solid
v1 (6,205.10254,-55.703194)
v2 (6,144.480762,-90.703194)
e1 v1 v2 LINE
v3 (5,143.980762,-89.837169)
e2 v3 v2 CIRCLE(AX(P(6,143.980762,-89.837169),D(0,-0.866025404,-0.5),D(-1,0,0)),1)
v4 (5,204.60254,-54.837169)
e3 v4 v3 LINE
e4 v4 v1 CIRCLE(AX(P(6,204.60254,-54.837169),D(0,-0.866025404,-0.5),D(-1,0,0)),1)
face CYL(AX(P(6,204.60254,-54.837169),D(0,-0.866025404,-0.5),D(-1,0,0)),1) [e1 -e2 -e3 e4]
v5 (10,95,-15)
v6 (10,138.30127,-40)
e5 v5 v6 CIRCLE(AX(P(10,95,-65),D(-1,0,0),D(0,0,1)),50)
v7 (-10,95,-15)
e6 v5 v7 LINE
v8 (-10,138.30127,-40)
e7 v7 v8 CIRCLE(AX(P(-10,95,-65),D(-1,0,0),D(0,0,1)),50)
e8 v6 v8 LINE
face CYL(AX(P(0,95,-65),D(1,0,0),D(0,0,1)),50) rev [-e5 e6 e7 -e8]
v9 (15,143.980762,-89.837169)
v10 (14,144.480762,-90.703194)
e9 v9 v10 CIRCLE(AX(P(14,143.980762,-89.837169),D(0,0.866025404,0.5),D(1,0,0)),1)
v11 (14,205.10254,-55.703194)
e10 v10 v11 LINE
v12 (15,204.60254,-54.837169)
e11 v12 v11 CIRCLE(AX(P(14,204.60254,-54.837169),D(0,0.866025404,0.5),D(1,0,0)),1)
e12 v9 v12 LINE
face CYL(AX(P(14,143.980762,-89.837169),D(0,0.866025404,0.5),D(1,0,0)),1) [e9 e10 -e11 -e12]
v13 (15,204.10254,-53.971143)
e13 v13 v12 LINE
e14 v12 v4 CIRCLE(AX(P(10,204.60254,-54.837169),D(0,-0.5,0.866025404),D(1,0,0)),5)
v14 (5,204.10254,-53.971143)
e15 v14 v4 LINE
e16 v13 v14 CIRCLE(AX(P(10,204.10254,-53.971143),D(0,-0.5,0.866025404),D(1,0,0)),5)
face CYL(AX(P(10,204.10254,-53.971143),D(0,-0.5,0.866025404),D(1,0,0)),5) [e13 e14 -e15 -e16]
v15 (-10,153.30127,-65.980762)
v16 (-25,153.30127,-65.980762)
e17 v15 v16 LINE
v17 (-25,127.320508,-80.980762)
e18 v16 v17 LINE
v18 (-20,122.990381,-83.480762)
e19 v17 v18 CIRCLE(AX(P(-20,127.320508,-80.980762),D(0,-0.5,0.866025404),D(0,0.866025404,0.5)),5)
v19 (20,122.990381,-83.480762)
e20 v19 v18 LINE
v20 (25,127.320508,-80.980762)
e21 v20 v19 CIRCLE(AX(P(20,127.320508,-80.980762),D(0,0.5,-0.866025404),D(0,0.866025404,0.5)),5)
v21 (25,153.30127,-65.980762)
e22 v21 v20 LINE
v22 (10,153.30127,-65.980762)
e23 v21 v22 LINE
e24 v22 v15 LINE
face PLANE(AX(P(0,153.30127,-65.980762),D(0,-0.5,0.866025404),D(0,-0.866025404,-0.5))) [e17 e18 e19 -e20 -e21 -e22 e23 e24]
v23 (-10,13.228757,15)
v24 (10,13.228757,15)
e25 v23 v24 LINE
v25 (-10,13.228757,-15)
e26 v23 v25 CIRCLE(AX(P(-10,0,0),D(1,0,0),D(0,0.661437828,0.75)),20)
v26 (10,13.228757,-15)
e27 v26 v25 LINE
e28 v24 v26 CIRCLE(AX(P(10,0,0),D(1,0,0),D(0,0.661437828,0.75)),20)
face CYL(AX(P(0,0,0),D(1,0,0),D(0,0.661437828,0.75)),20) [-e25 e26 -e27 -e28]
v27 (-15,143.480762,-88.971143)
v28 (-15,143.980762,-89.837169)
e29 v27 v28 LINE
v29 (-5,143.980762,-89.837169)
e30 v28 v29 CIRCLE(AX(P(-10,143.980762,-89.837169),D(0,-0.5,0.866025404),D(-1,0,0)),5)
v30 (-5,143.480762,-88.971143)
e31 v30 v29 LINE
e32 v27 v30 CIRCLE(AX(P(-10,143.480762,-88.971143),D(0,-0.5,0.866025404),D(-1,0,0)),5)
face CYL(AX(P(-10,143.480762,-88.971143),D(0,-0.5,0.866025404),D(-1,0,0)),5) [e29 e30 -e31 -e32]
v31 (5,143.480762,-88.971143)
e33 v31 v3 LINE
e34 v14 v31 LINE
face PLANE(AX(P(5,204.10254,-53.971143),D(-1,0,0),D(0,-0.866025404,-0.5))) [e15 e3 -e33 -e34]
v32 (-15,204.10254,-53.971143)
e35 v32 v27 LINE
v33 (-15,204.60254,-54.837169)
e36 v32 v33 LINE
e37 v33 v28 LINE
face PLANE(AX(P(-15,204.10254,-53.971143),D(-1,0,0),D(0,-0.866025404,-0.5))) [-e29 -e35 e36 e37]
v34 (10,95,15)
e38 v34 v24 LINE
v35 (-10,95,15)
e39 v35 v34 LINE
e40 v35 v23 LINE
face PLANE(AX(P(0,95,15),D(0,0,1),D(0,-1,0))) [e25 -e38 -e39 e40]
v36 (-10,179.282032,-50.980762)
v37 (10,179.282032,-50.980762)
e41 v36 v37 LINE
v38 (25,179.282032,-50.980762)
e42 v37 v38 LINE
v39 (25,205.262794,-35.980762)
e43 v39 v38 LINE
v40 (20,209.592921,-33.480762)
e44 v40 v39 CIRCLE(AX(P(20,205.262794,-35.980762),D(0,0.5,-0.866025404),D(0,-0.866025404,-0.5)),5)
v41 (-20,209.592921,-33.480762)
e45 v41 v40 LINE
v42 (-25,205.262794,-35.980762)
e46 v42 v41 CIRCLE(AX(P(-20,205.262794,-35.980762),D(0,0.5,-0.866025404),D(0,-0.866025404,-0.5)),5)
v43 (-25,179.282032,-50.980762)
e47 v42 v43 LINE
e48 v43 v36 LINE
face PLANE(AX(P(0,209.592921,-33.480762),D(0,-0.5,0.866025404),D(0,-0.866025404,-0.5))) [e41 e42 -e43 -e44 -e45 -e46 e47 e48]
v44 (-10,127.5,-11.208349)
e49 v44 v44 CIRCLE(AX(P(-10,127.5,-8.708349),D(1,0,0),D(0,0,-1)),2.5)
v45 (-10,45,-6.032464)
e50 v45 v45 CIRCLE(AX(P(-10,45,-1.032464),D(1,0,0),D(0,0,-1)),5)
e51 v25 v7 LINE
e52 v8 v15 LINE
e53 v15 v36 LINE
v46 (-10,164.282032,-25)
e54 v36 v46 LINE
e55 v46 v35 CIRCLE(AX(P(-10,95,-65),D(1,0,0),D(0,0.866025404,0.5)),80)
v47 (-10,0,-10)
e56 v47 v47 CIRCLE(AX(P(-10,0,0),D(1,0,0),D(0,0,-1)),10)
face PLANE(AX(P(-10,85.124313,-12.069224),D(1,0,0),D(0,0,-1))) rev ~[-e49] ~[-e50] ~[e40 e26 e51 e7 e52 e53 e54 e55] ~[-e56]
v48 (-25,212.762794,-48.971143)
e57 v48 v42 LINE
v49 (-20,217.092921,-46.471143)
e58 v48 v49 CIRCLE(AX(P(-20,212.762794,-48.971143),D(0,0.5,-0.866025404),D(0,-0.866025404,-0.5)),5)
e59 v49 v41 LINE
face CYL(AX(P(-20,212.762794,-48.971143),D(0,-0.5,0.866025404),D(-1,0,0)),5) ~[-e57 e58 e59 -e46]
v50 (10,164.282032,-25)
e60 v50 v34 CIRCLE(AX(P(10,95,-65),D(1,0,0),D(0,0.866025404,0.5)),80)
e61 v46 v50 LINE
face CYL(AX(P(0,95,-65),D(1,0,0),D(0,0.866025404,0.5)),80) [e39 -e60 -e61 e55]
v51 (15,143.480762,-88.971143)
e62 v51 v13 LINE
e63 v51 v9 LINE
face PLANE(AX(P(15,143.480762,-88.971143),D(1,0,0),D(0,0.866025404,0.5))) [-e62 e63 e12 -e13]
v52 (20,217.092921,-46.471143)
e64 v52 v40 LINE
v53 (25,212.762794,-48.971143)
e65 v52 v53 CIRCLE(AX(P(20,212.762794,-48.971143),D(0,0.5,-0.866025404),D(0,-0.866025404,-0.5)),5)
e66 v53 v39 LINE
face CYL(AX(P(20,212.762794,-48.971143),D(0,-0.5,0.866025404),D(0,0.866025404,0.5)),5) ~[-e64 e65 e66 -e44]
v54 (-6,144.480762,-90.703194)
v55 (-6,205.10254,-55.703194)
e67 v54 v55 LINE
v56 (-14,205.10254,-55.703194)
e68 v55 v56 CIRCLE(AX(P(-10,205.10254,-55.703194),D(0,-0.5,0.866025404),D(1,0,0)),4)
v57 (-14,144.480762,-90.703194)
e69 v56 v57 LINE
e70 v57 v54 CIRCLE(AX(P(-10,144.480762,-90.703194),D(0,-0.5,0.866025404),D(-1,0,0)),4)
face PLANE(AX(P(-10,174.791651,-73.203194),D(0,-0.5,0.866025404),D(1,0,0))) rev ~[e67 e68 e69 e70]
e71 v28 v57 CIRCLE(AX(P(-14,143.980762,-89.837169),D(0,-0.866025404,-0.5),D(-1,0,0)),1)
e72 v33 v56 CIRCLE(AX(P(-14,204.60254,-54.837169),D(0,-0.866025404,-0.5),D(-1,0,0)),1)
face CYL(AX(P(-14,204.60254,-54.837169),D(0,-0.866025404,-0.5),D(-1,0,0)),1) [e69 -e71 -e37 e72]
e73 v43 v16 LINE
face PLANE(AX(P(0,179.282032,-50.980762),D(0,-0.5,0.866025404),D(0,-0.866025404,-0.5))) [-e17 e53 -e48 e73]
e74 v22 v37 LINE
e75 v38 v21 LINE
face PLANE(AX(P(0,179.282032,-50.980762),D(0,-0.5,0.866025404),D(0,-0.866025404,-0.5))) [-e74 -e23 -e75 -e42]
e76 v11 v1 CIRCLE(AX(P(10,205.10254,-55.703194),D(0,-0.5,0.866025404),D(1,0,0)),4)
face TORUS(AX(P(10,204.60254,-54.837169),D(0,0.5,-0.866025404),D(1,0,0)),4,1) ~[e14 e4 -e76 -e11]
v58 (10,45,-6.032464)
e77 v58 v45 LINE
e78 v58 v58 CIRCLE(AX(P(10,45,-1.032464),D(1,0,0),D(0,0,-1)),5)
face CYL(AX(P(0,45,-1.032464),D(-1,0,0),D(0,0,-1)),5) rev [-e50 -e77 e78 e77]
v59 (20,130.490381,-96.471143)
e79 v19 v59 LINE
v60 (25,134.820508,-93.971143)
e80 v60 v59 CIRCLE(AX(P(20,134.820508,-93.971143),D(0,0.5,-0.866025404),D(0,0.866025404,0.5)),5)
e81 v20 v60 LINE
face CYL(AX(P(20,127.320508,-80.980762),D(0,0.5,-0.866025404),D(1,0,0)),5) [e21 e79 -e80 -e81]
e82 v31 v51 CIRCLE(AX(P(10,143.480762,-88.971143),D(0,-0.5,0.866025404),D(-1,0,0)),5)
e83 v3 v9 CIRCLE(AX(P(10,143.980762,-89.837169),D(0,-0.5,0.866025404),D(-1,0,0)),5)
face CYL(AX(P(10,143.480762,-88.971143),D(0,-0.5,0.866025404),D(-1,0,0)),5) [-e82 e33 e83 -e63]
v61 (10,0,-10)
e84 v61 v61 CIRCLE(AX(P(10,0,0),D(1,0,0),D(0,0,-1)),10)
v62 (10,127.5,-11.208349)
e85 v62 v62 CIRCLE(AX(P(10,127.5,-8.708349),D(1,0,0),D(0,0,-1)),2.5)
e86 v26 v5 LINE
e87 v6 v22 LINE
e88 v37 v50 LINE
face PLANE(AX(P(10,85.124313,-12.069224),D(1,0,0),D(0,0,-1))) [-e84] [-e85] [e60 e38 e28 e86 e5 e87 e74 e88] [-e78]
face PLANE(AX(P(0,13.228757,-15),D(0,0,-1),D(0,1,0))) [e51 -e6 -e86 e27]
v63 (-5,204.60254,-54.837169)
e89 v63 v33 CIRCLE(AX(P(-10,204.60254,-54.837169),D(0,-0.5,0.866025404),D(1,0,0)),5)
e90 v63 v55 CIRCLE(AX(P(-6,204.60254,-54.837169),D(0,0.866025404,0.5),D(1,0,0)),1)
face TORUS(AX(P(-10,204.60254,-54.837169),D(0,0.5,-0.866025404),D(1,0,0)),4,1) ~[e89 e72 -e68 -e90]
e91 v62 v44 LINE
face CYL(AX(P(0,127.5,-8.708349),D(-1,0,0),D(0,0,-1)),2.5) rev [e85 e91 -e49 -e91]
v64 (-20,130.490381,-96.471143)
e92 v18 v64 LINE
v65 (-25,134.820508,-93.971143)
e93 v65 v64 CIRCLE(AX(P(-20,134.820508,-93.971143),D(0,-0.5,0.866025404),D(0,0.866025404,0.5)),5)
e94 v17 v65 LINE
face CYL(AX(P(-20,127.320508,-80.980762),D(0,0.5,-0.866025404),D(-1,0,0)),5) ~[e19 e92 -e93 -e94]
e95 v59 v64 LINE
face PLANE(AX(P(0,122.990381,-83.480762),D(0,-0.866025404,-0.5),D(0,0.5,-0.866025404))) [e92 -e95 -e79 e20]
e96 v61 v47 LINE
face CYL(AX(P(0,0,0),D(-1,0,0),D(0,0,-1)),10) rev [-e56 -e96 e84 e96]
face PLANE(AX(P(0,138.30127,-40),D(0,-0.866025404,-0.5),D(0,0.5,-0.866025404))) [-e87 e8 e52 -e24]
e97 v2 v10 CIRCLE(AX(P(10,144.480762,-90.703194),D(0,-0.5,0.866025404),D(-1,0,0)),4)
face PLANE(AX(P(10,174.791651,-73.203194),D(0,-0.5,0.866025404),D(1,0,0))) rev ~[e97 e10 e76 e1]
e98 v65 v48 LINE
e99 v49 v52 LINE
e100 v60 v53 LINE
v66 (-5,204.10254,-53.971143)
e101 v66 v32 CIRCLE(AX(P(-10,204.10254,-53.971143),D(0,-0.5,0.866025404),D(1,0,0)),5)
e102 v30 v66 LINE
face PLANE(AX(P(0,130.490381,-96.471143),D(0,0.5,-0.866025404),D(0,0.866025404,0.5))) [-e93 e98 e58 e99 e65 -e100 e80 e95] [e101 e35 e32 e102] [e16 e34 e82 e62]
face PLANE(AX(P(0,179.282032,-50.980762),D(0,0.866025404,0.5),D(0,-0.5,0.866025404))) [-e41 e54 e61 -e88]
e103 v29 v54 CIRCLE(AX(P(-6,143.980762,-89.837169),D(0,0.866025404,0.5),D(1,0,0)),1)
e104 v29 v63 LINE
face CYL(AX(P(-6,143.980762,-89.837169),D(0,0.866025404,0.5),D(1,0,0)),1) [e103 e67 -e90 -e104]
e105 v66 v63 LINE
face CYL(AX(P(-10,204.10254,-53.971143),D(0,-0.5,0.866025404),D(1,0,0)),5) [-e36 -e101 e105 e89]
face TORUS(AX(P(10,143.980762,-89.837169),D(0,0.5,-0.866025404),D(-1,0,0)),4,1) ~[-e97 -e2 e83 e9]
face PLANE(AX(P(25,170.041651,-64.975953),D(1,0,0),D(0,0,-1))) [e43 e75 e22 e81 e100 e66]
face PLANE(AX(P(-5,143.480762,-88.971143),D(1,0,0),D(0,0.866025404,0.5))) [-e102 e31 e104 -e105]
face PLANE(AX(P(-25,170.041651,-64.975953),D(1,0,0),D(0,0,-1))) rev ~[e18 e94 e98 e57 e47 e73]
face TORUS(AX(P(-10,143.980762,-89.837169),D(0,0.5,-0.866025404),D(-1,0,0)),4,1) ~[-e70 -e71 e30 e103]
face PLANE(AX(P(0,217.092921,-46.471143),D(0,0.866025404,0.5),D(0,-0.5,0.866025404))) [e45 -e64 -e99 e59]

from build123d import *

# Parameters (mm, degrees)
SKETCH3_R           = 10
SKETCH3_R_2         = 5
SKETCH3_R_3         = 2.5
BOSS_EXTRUDE1_DEPTH = 10
BOSS_EXTRUDE2_DEPTH = 25
FILLET1_R           = 5
BOSS_EXTRUDE4_DEPTH = 2
FILLET6_R           = 1


with BuildPart() as part:
    # Sketch3 → Boss-Extrude1 (new, symmetric)
    with BuildSketch(Plane(origin=(0, 0, 0), x_dir=(0, 0, -1), z_dir=(1, 0, 0))):
        with BuildLine():
            Line((65.980762114, 153.301270189), (50.980762114, 179.282032303))
            Line((50.980762114, 179.282032303), (25, 164.282032303))
            ThreePointArc((25, 164.282032303), (-4.282032303, 135), (-15, 95))
            Line((-15, 95), (-15, 13.228756555))
            ThreePointArc((-15, 13.228756555), (0, -20), (15, 13.228756555))
            Line((15, 13.228756555), (15, 95))
            ThreePointArc((15, 95), (21.698729811, 120), (40, 138.301270189))
            Line((40, 138.301270189), (65.980762114, 153.301270189))
        make_face()
        Circle(SKETCH3_R, mode=Mode.SUBTRACT)
        with Locations((1.032464383, 45)):
            Circle(SKETCH3_R_2, mode=Mode.SUBTRACT)
        with Locations((8.708348754, 127.5)):
            Circle(SKETCH3_R_3, mode=Mode.SUBTRACT)
    extrude(amount=BOSS_EXTRUDE1_DEPTH, both=True)

    # Sketch3<3> → Boss-Extrude2 (add, symmetric)
    with BuildSketch(Plane(origin=(0, 0, 0), x_dir=(0, 0, -1), z_dir=(1, 0, 0))):
        Polygon((96.47114317, 130.490381057), (46.47114317, 217.092921435), (33.480762114, 209.592921435), (50.980762114, 179.282032303), (65.980762114, 153.301270189), (83.480762114, 122.990381057), align=None)
    extrude(amount=BOSS_EXTRUDE2_DEPTH, both=True)

    # Fillet1
    fillet1_edges = [part.edges().sort_by_distance(p)[0] for p in [
        (25, 213.342921435, -39.975952642),
        (-25, 213.342921435, -39.975952642),
        (-25, 126.740381057, -89.975952642),
        (25, 126.740381057, -89.975952642),
    ]]
    fillet(fillet1_edges, radius=FILLET1_R)

    # Sketch6 → Boss-Extrude4 (add)
    with BuildSketch(Plane(origin=(0, 74.395825623, -128.85734985), x_dir=(-1, 0, 0), z_dir=(0, 0.4999999999999983, -0.8660254037844397))):
        with BuildLine():
            Line((-5, 149.77241336), (-5, 79.77241336))
            ThreePointArc((-5, 79.77241336), (-10, 74.77241336), (-15, 79.77241336))
            Line((-15, 79.77241336), (-15, 149.77241336))
            ThreePointArc((-15, 149.77241336), (-10, 154.77241336), (-5, 149.77241336))
        make_face()
        with BuildLine():
            Line((15, 149.77241336), (15, 79.77241336))
            ThreePointArc((15, 79.77241336), (10, 74.77241336), (5, 79.77241336))
            Line((5, 79.77241336), (5, 149.77241336))
            ThreePointArc((5, 149.77241336), (10, 154.77241336), (15, 149.77241336))
        make_face()
    extrude(amount=BOSS_EXTRUDE4_DEPTH)

    # Fillet6
    fillet6_edges = [part.edges().sort_by_distance(p)[0] for p in [
        (-10, 209.432667397, -53.203193978),
        (-15, 174.791651246, -73.203193978),
        (-10, 140.150635095, -93.203193978),
        (10, 209.432667397, -53.203193978),
        (5, 174.791651246, -73.203193978),
        (10, 140.150635095, -93.203193978),
        (-5, 174.791651246, -73.203193978),
        (15, 174.791651246, -73.203193978),
    ]]
    fillet(fillet6_edges, radius=FILLET6_R)


solid = part.part
